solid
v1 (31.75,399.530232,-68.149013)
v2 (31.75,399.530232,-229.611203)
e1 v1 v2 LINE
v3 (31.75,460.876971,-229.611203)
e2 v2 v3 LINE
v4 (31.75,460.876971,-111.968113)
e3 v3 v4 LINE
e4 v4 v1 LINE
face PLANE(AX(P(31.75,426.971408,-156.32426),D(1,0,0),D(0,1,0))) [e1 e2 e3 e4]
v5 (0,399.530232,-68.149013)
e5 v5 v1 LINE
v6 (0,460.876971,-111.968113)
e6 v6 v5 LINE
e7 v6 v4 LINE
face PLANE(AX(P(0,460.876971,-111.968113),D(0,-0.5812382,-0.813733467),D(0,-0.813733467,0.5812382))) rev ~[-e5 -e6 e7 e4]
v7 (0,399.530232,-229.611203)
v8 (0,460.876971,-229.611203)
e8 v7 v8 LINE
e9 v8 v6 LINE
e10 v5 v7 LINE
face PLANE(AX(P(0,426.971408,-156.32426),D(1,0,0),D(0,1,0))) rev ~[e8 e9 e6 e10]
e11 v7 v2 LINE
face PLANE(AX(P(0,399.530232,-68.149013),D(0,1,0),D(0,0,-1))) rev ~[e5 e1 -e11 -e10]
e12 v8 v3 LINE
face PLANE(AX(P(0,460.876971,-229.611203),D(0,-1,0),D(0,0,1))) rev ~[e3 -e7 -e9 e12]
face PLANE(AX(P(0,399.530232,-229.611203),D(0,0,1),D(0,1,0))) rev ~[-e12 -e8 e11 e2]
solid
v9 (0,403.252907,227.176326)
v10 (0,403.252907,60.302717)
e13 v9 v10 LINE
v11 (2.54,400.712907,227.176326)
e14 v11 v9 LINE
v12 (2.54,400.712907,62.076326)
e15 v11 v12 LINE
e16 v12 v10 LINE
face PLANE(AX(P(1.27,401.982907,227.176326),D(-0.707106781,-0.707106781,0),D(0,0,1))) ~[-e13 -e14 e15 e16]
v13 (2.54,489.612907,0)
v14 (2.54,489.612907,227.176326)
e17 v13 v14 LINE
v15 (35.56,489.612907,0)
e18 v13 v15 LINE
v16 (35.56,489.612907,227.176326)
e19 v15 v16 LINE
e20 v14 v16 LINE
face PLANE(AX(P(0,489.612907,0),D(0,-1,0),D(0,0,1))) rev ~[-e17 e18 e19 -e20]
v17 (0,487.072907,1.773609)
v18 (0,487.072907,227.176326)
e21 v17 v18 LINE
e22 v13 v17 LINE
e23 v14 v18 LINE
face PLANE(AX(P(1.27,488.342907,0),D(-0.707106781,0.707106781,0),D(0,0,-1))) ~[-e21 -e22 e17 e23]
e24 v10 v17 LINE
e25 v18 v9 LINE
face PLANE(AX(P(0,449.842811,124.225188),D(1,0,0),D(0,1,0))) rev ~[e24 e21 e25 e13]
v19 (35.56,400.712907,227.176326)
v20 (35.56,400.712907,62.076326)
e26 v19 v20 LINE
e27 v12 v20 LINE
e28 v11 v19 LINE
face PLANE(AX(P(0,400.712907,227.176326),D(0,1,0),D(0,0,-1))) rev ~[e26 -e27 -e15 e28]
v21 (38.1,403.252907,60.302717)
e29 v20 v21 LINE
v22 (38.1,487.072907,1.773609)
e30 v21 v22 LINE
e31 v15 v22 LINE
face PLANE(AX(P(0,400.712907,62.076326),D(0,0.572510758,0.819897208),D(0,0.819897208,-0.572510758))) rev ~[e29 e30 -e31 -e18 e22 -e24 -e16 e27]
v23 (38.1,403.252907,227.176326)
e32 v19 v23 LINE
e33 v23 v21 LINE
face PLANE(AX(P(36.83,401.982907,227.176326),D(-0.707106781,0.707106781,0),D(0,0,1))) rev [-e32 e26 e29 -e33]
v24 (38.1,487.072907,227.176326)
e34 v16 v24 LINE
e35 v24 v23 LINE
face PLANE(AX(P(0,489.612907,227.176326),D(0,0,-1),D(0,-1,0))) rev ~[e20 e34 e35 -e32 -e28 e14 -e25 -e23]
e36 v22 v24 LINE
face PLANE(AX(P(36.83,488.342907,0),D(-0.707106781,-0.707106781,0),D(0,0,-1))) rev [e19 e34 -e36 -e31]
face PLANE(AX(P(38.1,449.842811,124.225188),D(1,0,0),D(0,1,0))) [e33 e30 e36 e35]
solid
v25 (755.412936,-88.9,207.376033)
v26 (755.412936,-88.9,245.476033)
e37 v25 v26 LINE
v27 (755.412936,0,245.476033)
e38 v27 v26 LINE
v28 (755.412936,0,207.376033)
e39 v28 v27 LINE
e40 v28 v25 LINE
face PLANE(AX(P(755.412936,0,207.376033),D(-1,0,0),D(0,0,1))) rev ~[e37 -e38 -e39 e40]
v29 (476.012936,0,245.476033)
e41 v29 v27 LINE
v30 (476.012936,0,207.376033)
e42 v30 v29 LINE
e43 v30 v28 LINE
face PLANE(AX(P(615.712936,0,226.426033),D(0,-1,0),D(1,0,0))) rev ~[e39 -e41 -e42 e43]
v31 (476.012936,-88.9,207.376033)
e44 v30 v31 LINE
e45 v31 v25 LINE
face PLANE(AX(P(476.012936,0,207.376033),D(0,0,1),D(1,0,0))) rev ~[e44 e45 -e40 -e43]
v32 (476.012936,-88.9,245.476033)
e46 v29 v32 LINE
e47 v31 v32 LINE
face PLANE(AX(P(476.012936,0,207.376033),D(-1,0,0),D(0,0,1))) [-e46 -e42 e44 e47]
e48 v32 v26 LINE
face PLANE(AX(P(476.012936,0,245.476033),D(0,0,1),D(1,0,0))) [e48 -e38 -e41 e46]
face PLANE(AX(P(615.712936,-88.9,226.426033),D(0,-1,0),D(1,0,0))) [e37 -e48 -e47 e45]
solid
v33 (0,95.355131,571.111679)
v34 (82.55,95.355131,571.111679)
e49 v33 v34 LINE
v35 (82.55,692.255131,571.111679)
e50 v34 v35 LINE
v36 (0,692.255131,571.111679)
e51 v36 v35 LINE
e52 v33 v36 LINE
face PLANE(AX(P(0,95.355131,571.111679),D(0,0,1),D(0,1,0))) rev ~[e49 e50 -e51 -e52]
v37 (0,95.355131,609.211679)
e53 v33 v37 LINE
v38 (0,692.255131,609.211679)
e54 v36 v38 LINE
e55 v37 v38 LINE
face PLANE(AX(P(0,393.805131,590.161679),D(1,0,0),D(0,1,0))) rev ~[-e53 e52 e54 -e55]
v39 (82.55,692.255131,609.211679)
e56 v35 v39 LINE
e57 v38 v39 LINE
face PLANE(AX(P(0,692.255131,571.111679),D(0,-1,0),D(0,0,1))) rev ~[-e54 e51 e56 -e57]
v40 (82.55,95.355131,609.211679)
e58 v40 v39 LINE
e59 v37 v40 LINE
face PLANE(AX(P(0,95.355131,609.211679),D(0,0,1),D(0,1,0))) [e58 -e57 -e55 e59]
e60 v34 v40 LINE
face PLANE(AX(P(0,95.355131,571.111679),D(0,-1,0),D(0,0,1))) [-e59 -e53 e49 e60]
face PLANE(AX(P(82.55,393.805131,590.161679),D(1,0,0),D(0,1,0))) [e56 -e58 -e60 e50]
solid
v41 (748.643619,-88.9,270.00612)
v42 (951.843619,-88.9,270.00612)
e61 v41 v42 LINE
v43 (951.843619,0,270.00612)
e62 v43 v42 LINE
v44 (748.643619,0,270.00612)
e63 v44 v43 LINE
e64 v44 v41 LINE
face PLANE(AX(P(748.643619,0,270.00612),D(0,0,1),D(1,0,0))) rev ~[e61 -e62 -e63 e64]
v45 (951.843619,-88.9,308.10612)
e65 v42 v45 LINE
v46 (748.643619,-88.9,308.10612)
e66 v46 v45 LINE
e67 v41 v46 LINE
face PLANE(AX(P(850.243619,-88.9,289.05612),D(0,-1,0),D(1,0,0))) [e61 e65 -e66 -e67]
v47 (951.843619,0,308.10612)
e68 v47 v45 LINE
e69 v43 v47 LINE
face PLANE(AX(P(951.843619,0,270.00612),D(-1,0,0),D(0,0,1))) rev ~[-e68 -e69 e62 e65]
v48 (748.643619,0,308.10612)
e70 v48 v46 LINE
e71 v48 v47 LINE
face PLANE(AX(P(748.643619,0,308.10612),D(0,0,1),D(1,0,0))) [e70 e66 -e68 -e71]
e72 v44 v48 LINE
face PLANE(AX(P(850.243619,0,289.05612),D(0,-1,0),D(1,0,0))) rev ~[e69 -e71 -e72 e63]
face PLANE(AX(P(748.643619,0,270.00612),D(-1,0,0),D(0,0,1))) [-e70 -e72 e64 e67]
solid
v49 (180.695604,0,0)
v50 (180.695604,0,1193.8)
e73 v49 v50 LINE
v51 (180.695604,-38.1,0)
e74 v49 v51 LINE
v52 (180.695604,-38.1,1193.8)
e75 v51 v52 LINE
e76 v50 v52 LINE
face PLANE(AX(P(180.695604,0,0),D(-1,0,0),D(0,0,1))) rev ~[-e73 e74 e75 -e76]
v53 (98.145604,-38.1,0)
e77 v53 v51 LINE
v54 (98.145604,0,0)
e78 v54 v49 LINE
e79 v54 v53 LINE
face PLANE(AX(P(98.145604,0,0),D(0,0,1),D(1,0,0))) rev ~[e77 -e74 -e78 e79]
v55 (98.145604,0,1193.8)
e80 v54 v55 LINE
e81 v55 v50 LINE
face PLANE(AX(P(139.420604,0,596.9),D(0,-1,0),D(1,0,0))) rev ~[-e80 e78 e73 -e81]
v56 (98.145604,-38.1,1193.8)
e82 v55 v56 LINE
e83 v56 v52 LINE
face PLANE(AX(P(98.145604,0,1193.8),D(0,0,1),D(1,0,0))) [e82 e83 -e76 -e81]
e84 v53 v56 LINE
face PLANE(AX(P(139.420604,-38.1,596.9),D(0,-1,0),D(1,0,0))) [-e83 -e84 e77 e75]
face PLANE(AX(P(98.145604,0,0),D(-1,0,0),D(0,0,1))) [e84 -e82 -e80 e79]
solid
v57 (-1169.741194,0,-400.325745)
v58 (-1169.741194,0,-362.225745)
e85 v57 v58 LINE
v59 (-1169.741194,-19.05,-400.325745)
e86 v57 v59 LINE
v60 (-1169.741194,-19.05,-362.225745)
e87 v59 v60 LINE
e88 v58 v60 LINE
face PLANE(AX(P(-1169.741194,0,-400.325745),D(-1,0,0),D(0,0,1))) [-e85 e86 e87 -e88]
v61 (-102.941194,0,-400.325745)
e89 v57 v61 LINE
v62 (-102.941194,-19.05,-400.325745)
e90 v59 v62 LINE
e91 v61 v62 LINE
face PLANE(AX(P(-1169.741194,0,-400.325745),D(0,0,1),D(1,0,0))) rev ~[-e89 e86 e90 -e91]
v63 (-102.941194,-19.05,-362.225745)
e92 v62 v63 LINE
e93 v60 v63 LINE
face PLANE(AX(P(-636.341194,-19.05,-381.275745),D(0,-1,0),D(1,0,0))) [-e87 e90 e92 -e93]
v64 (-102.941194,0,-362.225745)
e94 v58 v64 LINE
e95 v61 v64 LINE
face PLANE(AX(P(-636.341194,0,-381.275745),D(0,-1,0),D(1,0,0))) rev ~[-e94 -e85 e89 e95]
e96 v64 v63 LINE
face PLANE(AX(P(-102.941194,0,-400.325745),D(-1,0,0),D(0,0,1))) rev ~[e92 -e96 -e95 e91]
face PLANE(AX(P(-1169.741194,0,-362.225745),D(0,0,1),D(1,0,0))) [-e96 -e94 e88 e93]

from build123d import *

# Parameters (mm, degrees)
F0_W      = 88.9
F0_H      = 254
F1_DEPTH  = 38.1
F2_R      = 2.54
F3_W      = 82.55
F3_H      = 1193.8
F4_DEPTH  = 38.1
F6_DEPTH  = 88.9
F7_R      = 2.54
F9_DEPTH  = 88.9
F10_R     = 2.54
F15_DEPTH = 38.1
F16_SIZE  = 2.54
F18_DEPTH = 38.1
F19_SIZE  = 2.54
F22_DEPTH = 31.75
F23_W     = 596.9
F23_H     = 38.1
F24_DEPTH = 82.55
F25_W     = 279.4
F25_H     = 38.1
F26_DEPTH = 88.9
F27_W     = 203.2
F27_H     = 38.1
F28_DEPTH = 88.9
F29_W     = 1066.8
F29_H     = 38.1
F30_DEPTH = 19.05


with BuildPart() as f1:
    # F0 (on Front) → F1 (new body)
    with BuildSketch(Plane.XZ):
        with Locations((44.45, 127)):
            Rectangle(F0_W, F0_H)
    extrude(amount=F1_DEPTH)

    # F2
    f2_edges = [f1.edges().sort_by_distance(p)[0] for p in [
        (0, 0, 127),
        (0, -38.1, 127),
        (88.9, -38.1, 127),
        (88.9, 0, 127),
    ]]
    fillet(f2_edges, radius=F2_R)


with BuildPart() as f4:
    # F3 (on Front) → F4 (new body)
    with BuildSketch(Plane.XZ):
        with Locations((139.420604, 596.9)):
            Rectangle(F3_W, F3_H)
    extrude(amount=F4_DEPTH)


with BuildPart() as f6:
    # F5 (on Right) → F6 (new body)
    with BuildSketch(Plane.YZ):
        Polygon((459.739979, 298.644233), (421.639979, 298.644233), (421.639979, 82.744233), (459.739979, 44.644233), align=None)
    extrude(amount=F6_DEPTH)

    # F7
    f7_edges = [f6.edges().sort_by_distance(p)[0] for p in [
        (88.9, 421.639979, 190.694233),
        (88.9, 459.739979, 171.644233),
        (0, 421.639979, 190.694233),
        (0, 459.739979, 171.644233),
    ]]
    fillet(f7_edges, radius=F7_R)


with BuildPart() as f9:
    # F8 (on Right) → F9 (new body)
    with BuildSketch(Plane.YZ):
        Polygon((427.989934, -1.270004), (427.989934, -255.270004), (466.089934, -255.270004), (466.089934, -39.370004), align=None)
    extrude(amount=F9_DEPTH)

    # F10
    f10_edges = [f9.edges().sort_by_distance(p)[0] for p in [
        (0, 427.989934, -128.270004),
        (88.9, 427.989934, -128.270004),
        (88.9, 466.089934, -147.320004),
        (0, 466.089934, -147.320004),
    ]]
    fillet(f10_edges, radius=F10_R)


with BuildPart() as f15:
    # F14 (on Right) → F15 (new body)
    with BuildSketch(Plane.YZ):
        Polygon((489.612907, 0), (489.612907, 227.176326), (400.712907, 227.176326), (400.712907, 62.076326), align=None)
    extrude(amount=F15_DEPTH)

    # F16
    f16_edges = [f15.edges().sort_by_distance(p)[0] for p in [
        (38.1, 400.712907, 144.626326),
        (38.1, 489.612907, 113.588163),
        (0, 489.612907, 113.588163),
        (0, 400.712907, 144.626326),
    ]]
    chamfer(f16_edges, length=F16_SIZE)


with BuildPart() as f18:
    # F17 (on Right) → F18 (new body)
    with BuildSketch(Plane.YZ):
        Polygon((374.346435, 712.469995), (374.346435, 547.369957), (463.246435, 547.369957), (463.246435, 775.969957), align=None)
    extrude(amount=F18_DEPTH)

    # F19
    f19_edges = [f18.edges().sort_by_distance(p)[0] for p in [
        (0, 374.346435, 629.919976),
        (38.1, 374.346435, 629.919976),
        (38.1, 463.246435, 661.669957),
        (0, 463.246435, 661.669957),
    ]]
    chamfer(f19_edges, length=F19_SIZE)


with BuildPart() as f22:
    # F21 (on Right) → F22 (new body)
    with BuildSketch(Plane.YZ):
        Polygon((460.876971, -111.968113), (399.530232, -68.149013), (399.530232, -229.611203), (460.876971, -229.611203), align=None)
    extrude(amount=F22_DEPTH)


with BuildPart() as f24:
    # F23 (on Right) → F24 (new body)
    with BuildSketch(Plane.YZ):
        with Locations((393.805131, 590.161679)):
            Rectangle(F23_W, F23_H)
    extrude(amount=F24_DEPTH)


with BuildPart() as f26:
    # F25 (on Front) → F26 (new body)
    with BuildSketch(Plane.XZ):
        with Locations((615.712936, 226.426033)):
            Rectangle(F25_W, F25_H)
    extrude(amount=F26_DEPTH)


with BuildPart() as f28:
    # F27 (on Front) → F28 (new body)
    with BuildSketch(Plane.XZ):
        with Locations((850.243619, 289.05612)):
            Rectangle(F27_W, F27_H)
    extrude(amount=F28_DEPTH)


with BuildPart() as f30:
    # F29 (on Front) → F30 (new body)
    with BuildSketch(Plane.XZ):
        with Locations((-636.341194, -381.275745)):
            Rectangle(F29_W, F29_H)
    extrude(amount=F30_DEPTH)


solid = Compound([f4.part, f15.part, f22.part, f24.part, f26.part, f28.part, f30.part])
